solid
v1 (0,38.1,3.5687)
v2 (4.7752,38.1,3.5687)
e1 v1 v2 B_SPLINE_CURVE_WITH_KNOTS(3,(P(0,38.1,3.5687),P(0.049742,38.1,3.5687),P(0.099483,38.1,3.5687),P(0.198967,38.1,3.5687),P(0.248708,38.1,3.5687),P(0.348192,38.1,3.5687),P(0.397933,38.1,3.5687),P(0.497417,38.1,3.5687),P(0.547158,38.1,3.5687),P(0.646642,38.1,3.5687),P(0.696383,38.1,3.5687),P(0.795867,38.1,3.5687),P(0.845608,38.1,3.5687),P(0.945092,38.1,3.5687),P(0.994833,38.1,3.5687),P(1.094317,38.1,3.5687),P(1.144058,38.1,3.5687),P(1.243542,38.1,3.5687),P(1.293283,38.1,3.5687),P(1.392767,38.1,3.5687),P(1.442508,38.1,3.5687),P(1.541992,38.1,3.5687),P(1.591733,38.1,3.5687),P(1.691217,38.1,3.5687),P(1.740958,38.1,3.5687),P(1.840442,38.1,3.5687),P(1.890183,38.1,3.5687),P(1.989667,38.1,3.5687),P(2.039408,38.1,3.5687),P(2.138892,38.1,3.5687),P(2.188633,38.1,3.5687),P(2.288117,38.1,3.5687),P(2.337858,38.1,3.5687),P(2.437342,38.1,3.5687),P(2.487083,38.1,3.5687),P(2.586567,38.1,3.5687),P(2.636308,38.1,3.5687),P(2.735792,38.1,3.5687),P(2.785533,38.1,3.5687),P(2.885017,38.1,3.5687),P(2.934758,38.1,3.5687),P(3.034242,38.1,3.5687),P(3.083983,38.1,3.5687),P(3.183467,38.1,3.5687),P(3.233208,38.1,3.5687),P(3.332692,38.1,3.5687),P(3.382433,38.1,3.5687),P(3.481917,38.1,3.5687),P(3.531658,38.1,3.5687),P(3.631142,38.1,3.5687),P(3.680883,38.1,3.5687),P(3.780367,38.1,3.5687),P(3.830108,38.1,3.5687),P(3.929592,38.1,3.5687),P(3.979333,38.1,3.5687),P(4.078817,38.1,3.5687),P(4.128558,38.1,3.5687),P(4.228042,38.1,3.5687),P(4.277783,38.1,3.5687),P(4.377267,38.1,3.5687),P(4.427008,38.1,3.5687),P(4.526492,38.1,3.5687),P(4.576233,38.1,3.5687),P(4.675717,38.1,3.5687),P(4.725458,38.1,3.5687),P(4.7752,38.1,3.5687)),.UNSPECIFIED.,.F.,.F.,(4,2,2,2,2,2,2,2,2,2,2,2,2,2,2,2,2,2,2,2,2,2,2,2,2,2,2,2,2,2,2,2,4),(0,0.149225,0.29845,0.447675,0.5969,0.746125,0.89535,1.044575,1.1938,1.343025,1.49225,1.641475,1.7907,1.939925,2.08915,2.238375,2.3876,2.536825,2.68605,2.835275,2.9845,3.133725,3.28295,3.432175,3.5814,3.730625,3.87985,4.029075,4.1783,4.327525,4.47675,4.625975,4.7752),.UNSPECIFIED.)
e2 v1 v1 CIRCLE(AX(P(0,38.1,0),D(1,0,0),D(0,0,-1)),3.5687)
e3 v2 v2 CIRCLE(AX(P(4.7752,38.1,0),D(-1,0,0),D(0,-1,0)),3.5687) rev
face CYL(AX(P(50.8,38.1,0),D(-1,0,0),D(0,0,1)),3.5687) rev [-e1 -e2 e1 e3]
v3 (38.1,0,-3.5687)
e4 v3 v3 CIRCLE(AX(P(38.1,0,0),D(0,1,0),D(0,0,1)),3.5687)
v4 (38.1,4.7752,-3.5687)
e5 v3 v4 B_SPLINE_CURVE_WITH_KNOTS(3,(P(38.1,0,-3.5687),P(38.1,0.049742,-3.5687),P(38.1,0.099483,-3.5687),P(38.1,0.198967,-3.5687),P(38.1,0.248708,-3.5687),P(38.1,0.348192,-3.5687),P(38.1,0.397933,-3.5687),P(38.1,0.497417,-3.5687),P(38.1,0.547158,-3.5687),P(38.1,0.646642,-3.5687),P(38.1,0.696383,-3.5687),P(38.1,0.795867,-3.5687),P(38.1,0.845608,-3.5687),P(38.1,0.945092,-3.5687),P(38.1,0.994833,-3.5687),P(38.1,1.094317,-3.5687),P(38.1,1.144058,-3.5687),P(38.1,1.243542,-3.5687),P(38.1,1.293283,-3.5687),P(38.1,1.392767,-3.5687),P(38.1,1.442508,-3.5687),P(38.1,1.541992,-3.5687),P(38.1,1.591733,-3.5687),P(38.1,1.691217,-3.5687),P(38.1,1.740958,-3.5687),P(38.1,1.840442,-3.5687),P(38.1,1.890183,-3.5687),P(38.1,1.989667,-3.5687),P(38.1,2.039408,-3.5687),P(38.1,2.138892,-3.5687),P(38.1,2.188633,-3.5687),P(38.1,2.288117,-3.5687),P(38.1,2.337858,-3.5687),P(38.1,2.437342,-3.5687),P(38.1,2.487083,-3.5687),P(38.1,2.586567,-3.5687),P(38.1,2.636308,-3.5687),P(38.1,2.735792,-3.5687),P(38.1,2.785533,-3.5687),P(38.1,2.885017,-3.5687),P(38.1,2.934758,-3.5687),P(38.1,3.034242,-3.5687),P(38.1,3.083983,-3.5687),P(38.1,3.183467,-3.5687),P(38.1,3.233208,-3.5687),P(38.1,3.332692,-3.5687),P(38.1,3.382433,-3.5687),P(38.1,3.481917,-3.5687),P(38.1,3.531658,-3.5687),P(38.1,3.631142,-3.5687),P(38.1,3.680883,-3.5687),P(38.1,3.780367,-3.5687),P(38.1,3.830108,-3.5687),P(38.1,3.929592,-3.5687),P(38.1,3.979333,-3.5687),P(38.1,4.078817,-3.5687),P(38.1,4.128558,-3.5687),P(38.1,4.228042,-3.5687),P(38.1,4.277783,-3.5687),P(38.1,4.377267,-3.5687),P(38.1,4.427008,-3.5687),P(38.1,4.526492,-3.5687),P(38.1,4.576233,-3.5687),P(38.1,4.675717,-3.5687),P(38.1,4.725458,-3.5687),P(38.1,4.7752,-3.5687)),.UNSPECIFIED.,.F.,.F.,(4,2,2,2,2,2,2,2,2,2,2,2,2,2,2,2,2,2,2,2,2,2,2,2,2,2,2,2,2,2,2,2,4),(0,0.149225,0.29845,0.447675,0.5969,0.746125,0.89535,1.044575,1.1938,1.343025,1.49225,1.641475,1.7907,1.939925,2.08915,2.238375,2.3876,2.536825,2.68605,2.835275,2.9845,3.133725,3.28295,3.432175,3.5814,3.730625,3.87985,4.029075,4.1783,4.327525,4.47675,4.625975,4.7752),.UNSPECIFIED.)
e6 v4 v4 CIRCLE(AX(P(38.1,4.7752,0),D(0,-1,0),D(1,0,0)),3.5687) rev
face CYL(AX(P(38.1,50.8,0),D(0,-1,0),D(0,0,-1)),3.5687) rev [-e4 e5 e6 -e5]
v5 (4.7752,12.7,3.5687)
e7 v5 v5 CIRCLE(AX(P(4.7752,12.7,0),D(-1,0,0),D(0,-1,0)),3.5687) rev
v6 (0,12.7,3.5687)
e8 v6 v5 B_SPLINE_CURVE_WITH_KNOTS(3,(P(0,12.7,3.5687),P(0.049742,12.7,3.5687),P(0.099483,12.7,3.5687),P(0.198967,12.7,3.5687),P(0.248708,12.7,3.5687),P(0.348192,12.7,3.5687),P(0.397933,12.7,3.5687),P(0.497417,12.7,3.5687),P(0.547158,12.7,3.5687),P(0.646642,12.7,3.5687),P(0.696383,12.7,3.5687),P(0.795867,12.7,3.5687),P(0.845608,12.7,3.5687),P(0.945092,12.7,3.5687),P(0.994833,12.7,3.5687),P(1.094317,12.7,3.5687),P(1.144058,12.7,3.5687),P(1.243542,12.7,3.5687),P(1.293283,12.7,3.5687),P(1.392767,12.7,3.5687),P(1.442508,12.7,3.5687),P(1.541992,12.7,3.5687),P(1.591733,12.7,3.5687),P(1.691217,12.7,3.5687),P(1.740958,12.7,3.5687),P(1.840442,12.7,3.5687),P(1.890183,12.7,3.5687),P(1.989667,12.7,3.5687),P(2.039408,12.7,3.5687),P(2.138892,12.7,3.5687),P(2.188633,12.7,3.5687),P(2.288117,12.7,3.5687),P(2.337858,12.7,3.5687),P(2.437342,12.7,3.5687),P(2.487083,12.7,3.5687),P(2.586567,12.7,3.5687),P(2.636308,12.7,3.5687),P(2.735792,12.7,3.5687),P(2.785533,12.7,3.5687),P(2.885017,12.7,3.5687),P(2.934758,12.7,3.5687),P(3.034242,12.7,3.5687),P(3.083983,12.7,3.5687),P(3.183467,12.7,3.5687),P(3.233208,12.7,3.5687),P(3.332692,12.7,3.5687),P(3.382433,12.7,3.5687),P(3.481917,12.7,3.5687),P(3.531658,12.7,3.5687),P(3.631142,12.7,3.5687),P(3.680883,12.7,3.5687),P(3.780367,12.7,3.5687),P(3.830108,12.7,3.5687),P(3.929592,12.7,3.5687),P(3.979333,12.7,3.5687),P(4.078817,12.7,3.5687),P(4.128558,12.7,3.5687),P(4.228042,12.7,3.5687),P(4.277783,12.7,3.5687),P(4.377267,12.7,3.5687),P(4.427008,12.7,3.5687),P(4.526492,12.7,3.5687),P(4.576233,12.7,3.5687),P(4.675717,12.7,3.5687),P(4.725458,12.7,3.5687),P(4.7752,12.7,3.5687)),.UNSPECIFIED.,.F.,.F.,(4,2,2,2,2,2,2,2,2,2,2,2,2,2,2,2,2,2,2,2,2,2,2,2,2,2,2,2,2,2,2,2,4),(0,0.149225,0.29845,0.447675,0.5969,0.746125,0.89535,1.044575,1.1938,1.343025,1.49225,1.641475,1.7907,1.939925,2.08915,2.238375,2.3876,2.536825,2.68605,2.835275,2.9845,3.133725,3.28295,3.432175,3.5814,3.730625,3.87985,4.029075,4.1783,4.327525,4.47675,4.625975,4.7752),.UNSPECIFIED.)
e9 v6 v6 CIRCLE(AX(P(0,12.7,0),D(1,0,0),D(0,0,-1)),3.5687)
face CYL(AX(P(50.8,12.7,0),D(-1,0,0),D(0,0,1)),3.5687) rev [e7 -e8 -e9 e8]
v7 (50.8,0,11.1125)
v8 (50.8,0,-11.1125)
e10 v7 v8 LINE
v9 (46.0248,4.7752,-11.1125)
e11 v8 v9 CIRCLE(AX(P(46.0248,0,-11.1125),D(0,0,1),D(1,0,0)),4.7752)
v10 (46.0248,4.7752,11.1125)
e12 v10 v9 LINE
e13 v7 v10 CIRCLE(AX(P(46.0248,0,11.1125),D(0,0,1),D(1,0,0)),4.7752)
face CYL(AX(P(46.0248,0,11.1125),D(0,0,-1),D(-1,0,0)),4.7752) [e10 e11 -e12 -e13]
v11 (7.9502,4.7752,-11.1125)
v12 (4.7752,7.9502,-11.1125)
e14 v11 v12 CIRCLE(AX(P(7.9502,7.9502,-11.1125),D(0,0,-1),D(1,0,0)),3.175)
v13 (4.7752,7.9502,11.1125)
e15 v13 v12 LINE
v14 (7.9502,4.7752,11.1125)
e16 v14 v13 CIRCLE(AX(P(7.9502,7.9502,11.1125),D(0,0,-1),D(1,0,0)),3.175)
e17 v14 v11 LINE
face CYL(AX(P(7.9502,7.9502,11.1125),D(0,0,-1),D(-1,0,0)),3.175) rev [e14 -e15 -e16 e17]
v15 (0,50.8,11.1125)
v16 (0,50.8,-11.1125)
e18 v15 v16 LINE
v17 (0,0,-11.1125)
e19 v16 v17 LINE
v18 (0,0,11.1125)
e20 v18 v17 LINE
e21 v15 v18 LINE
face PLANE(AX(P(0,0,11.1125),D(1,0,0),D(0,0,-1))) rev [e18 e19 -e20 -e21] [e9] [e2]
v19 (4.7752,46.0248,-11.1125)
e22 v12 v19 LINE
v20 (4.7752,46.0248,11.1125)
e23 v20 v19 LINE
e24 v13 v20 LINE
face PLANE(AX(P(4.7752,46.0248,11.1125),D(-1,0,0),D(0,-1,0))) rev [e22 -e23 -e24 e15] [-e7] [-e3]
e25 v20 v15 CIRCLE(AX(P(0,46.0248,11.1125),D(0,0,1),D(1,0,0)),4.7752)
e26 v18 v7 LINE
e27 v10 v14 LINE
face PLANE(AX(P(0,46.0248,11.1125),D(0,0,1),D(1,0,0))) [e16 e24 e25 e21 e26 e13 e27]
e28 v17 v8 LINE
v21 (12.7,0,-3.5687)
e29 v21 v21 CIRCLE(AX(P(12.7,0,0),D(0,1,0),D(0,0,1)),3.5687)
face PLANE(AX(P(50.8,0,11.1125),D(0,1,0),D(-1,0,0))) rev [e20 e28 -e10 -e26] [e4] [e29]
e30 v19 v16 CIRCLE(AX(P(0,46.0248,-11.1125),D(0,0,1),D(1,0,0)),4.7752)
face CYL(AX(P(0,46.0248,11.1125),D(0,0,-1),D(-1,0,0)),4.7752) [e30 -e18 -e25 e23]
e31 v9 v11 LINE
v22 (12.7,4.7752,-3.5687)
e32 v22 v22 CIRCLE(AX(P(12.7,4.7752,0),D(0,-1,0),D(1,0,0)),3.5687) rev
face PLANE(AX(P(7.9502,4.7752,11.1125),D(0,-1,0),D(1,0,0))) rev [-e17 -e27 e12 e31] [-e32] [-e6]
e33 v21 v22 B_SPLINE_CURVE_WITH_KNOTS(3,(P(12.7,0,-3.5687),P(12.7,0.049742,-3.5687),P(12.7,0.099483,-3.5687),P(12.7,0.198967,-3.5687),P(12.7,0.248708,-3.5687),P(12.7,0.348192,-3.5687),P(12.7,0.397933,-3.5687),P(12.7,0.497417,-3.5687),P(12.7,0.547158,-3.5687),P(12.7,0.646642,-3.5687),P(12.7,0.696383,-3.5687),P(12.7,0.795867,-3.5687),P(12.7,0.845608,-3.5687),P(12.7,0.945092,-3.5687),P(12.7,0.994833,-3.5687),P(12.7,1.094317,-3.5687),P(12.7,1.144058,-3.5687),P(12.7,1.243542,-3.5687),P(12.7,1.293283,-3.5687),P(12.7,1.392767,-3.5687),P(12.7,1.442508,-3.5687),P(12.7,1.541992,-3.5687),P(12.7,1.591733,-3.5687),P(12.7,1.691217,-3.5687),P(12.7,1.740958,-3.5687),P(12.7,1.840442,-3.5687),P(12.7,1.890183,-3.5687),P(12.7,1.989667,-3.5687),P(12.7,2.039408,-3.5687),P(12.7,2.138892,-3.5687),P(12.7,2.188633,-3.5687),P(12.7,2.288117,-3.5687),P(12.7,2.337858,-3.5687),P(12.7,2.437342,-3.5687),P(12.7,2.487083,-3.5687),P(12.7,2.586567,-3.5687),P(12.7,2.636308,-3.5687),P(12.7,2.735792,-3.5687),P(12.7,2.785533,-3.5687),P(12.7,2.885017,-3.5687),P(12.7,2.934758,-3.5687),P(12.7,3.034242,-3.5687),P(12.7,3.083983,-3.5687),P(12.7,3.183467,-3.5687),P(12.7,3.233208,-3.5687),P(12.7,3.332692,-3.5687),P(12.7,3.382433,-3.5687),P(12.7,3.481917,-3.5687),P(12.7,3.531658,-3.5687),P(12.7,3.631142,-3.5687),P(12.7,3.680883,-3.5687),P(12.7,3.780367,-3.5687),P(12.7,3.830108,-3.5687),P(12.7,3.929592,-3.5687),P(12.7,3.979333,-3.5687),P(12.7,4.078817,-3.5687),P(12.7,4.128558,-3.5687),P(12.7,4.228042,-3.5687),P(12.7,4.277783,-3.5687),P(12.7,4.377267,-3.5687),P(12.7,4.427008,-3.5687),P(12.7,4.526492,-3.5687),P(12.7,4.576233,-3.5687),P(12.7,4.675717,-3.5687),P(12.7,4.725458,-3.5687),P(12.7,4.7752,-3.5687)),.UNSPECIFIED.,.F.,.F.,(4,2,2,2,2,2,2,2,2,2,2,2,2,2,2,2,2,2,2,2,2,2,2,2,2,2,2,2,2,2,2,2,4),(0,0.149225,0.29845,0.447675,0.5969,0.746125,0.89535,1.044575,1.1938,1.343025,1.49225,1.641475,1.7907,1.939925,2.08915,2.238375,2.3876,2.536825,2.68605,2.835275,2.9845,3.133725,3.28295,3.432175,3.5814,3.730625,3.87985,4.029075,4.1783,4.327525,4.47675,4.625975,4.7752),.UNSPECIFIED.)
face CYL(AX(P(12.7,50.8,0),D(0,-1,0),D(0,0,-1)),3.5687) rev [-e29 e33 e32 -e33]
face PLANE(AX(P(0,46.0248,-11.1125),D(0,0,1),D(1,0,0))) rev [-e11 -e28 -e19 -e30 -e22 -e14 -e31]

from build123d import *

# Parameters (mm, degrees)
BOSS_EXTRUDE1_DEPTH = 11.1125
SKETCH2_R           = 3.5687
CUT_EXTRUDE1_DEPTH  = 73.696407451
SKETCH3_R           = 3.5687
CUT_EXTRUDE2_DEPTH  = 73.696407451


with BuildPart() as part:
    # Sketch1 → Boss-Extrude1 (new, symmetric)
    with BuildSketch(Plane.XY):
        with BuildLine():
            Line((0, 0), (0, 50.8))
            ThreePointArc((0, 50.8), (3.376576302, 49.401376302), (4.7752, 46.0248))
            Line((4.7752, 46.0248), (4.7752, 7.9502))
            ThreePointArc((4.7752, 7.9502), (5.70513597, 5.70513597), (7.9502, 4.7752))
            Line((7.9502, 4.7752), (46.0248, 4.7752))
            ThreePointArc((46.0248, 4.7752), (49.401376302, 3.376576302), (50.8, 0))
            Line((50.8, 0), (0, 0))
        make_face()
    extrude(amount=BOSS_EXTRUDE1_DEPTH, both=True)

    # Sketch2 → Cut-Extrude1 (cut, through all)
    with BuildSketch(Plane(origin=(0, 0, 0), x_dir=(1, 0, 0), z_dir=(0, 1, 0))):
        with Locations(Location((12.7, 0, 0), (0, 0, 90))):
            Circle(SKETCH2_R)
        with Locations(Location((38.1, 0, 0), (0, 0, 90))):
            Circle(SKETCH2_R)
    extrude(amount=CUT_EXTRUDE1_DEPTH, mode=Mode.SUBTRACT)

    # Sketch3 → Cut-Extrude2 (cut, through all)
    with BuildSketch(Plane(origin=(0, 0, 0), x_dir=(0, 0, -1), z_dir=(1, 0, 0))):
        with Locations(Location((0, 12.7, 0), (0, 0, 180))):
            Circle(SKETCH3_R)
        with Locations(Location((0, 38.1, 0), (0, 0, 180))):
            Circle(SKETCH3_R)
    extrude(amount=CUT_EXTRUDE2_DEPTH, mode=Mode.SUBTRACT)


solid = part.part
